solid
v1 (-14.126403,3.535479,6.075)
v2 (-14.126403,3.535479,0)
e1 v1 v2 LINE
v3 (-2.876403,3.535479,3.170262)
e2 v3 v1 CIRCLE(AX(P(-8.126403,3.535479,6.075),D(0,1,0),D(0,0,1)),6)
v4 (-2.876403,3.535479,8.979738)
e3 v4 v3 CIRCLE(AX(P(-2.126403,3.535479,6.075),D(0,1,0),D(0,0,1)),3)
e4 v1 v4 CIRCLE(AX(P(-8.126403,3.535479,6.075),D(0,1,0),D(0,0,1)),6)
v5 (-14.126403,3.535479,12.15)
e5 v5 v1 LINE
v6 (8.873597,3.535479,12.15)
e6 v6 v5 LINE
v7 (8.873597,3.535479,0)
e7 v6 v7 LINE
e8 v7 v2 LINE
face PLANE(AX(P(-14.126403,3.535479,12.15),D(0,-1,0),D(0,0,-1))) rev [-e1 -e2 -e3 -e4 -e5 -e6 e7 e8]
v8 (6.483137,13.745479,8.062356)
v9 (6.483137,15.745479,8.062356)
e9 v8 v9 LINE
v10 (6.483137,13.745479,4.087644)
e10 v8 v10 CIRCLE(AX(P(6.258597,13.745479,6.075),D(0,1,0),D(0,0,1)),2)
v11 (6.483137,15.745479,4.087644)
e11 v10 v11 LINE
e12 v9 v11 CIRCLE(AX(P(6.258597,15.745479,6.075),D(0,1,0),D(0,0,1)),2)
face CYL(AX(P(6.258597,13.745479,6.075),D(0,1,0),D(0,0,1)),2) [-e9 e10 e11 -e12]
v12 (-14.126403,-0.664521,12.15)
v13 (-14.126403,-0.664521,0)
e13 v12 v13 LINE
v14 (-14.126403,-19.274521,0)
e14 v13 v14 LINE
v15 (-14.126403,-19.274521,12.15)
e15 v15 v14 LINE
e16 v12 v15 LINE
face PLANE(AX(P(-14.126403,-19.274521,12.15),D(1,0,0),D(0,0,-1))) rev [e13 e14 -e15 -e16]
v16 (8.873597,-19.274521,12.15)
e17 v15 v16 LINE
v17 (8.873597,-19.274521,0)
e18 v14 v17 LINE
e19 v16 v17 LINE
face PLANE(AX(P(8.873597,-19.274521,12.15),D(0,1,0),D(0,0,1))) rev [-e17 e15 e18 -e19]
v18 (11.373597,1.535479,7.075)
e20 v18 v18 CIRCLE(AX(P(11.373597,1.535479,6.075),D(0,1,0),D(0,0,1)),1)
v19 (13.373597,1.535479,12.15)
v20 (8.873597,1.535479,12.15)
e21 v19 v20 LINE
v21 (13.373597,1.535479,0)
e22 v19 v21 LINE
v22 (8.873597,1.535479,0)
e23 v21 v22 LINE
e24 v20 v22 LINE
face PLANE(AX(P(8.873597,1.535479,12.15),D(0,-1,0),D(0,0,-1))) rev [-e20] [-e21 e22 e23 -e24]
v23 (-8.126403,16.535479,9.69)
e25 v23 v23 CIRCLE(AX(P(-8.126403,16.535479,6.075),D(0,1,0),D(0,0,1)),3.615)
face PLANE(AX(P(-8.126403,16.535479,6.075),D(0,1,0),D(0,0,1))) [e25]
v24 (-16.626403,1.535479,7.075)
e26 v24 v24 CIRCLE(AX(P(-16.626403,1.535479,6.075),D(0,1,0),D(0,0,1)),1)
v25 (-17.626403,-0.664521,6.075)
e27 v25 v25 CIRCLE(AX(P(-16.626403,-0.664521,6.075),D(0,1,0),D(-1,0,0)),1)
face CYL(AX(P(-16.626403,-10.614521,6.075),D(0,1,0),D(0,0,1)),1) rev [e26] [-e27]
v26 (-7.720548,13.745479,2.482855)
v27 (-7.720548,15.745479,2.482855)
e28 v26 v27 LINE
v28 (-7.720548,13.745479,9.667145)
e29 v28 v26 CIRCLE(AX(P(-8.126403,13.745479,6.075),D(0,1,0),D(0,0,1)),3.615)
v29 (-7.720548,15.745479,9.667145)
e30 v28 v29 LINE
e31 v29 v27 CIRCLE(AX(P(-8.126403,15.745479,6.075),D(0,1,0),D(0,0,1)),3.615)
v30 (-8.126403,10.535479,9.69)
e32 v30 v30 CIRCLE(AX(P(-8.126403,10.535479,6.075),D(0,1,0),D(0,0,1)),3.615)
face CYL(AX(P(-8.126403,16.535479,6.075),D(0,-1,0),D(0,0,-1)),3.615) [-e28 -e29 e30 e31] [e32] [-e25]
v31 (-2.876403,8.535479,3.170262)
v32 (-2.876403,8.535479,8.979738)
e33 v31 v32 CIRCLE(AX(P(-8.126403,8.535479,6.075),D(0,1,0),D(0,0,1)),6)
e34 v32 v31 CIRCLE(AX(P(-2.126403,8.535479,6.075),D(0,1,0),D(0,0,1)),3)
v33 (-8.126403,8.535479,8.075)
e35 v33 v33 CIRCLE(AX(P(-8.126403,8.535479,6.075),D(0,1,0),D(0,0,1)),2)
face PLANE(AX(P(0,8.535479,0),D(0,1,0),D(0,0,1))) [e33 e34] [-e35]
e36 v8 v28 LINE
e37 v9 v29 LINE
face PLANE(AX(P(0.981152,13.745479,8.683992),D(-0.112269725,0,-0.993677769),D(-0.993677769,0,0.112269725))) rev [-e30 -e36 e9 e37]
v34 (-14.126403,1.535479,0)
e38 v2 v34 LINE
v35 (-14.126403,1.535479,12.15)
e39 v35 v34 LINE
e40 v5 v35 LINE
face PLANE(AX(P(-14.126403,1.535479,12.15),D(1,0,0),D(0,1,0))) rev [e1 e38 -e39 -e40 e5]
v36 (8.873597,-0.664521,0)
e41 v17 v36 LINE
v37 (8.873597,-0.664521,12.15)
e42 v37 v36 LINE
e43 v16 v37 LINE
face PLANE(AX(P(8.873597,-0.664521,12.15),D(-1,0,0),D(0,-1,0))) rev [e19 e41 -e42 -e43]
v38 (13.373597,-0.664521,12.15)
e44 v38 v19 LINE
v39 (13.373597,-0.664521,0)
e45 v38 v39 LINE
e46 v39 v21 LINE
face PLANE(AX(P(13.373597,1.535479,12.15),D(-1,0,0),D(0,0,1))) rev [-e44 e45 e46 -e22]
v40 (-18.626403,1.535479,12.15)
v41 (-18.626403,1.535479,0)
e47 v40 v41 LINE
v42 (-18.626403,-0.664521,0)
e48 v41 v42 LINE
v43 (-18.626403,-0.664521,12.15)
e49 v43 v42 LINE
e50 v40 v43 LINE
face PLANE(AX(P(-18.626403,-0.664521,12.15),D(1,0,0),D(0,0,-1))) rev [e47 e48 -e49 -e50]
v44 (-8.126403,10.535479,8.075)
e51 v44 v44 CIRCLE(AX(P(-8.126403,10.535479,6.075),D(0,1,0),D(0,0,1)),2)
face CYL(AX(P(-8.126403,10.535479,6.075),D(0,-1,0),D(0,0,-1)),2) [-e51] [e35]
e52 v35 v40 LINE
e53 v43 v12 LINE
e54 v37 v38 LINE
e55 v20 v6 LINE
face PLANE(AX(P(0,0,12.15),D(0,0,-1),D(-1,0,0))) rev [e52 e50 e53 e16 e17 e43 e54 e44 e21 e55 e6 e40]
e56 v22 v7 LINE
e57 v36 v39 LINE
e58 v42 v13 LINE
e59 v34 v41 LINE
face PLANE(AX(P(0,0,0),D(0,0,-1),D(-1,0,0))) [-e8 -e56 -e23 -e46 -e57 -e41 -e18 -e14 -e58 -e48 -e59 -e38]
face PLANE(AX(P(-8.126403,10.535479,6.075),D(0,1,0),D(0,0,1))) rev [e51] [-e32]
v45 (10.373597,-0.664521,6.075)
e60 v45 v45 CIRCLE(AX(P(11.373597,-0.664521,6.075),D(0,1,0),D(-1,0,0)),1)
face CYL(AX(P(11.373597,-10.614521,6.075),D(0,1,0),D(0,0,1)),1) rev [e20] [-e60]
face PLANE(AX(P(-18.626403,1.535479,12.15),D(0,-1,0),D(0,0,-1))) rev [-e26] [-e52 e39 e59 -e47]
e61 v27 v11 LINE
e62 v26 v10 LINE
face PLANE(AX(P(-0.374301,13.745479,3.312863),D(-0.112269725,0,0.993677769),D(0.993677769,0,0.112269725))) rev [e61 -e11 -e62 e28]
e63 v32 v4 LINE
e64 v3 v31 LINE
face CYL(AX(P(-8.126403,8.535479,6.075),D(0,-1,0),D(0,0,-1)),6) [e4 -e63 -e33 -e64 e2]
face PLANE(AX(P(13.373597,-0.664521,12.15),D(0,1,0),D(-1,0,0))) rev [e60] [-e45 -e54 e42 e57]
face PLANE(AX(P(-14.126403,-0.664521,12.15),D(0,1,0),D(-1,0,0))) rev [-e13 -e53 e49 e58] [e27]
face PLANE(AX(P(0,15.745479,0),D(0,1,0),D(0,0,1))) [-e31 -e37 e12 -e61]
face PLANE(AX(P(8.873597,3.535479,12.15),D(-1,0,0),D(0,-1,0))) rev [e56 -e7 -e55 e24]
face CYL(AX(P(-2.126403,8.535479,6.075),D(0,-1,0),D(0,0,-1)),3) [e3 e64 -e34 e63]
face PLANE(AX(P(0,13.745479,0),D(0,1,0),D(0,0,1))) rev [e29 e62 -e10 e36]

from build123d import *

# Parameters (mm, degrees)
BOSS_EXTRUDE1_DEPTH = 12.15
SKETCH4_R           = 1
CUT_EXTRUDE1_DEPTH  = 12.15
SKETCH5_R           = 6
SKETCH5_R_2         = 3
BOSS_EXTRUDE2_DEPTH = 5
SKETCH6_R           = 2
BOSS_EXTRUDE3_DEPTH = 2
SKETCH7_R           = 3.615
BOSS_EXTRUDE4_DEPTH = 6
BOSS_EXTRUDE5_START = -2.79
BOSS_EXTRUDE5_DEPTH = 2


with BuildPart() as part:
    # Sketch3 → Boss-Extrude1 (new body)
    with BuildSketch(Plane.XY):
        Polygon((8.87359736, -19.274521452), (-14.12640264, -19.274521452), (-14.12640264, -0.664521452), (-18.62640264, -0.664521452), (-18.62640264, 1.535478548), (-14.12640264, 1.535478548), (-14.12640264, 3.535478548), (8.87359736, 3.535478548), (8.87359736, 1.535478548), (13.37359736, 1.535478548), (13.37359736, -0.664521452), (8.87359736, -0.664521452), align=None)
    extrude(amount=BOSS_EXTRUDE1_DEPTH)

    # Sketch4 → Cut-Extrude1 (cut)
    with BuildSketch(Plane(origin=(0, 1.535478548, 0), x_dir=(1, 0, 0), z_dir=(0, 1, 0))):
        with Locations(Location((-16.62640264, -6.075, 0), (0, 0, 270))):
            Circle(SKETCH4_R)
        with Locations(Location((11.37359736, -6.075, 0), (0, 0, 270))):
            Circle(SKETCH4_R)
    extrude(amount=-CUT_EXTRUDE1_DEPTH, mode=Mode.SUBTRACT)

    # Sketch5 → Boss-Extrude2 (add)
    with BuildSketch(Plane(origin=(0, 3.535478548, 0), x_dir=(1, 0, 0), z_dir=(0, 1, 0))):
        with Locations((-8.12640264, -6.075)):
            Circle(SKETCH5_R)
        with Locations((-2.12640264, -6.075)):
            Circle(SKETCH5_R_2)
    extrude(amount=BOSS_EXTRUDE2_DEPTH)

    # Sketch6 → Boss-Extrude3 (add)
    with BuildSketch(Plane(origin=(0, 8.535478548, 0), x_dir=(1, 0, 0), z_dir=(0, 1, 0))):
        with Locations(Location((-8.12640264, -6.075, 0), (0, 0, 270))):
            Circle(SKETCH6_R)
    extrude(amount=BOSS_EXTRUDE3_DEPTH)

    # Sketch7 → Boss-Extrude4 (add)
    with BuildSketch(Plane(origin=(0, 10.535478548, 0), x_dir=(1, 0, 0), z_dir=(0, 1, 0))):
        with Locations(Location((-8.12640264, -6.075, 0), (0, 0, 270))):
            Circle(SKETCH7_R)
    extrude(amount=BOSS_EXTRUDE4_DEPTH)

    # Sketch8 → Boss-Extrude5 (add)
    with BuildSketch(Plane(origin=(0, 16.535478548, 0), x_dir=(1, 0, 0), z_dir=(0, 1, 0)).offset(BOSS_EXTRUDE5_START)):
        with BuildLine():
            ThreePointArc((-7.720547583, -2.482854865), (-5.430536264, -3.666571159), (-4.51140264, -6.075))
            Line((-4.51140264, -6.075), (4.25859736, -6.075))
            ThreePointArc((4.25859736, -6.075), (4.92613327, -4.583510995), (6.483136811, -4.087644462))
            Line((6.483136811, -4.087644462), (-7.720547583, -2.482854865))
        make_face()
        with BuildLine():
            Line((4.25859736, -6.075), (-4.51140264, -6.075))
            ThreePointArc((-4.51140264, -6.075), (-5.430536264, -8.483428841), (-7.720547583, -9.667145135))
            Line((-7.720547583, -9.667145135), (6.483136811, -8.062355538))
            ThreePointArc((6.483136811, -8.062355538), (4.92613327, -7.566489005), (4.25859736, -6.075))
        make_face()
        with BuildLine():
            ThreePointArc((6.483136811, -4.087644462), (4.92613327, -4.583510995), (4.25859736, -6.075))
            Line((4.25859736, -6.075), (8.25859736, -6.075))
            ThreePointArc((8.25859736, -6.075), (7.750086364, -4.742535911), (6.483136811, -4.087644462))
        make_face()
        with BuildLine():
            Line((8.25859736, -6.075), (4.25859736, -6.075))
            ThreePointArc((4.25859736, -6.075), (4.92613327, -7.566489005), (6.483136811, -8.062355538))
            ThreePointArc((6.483136811, -8.062355538), (7.750086364, -7.407464089), (8.25859736, -6.075))
        make_face()
    extrude(amount=BOSS_EXTRUDE5_DEPTH)


solid = part.part
